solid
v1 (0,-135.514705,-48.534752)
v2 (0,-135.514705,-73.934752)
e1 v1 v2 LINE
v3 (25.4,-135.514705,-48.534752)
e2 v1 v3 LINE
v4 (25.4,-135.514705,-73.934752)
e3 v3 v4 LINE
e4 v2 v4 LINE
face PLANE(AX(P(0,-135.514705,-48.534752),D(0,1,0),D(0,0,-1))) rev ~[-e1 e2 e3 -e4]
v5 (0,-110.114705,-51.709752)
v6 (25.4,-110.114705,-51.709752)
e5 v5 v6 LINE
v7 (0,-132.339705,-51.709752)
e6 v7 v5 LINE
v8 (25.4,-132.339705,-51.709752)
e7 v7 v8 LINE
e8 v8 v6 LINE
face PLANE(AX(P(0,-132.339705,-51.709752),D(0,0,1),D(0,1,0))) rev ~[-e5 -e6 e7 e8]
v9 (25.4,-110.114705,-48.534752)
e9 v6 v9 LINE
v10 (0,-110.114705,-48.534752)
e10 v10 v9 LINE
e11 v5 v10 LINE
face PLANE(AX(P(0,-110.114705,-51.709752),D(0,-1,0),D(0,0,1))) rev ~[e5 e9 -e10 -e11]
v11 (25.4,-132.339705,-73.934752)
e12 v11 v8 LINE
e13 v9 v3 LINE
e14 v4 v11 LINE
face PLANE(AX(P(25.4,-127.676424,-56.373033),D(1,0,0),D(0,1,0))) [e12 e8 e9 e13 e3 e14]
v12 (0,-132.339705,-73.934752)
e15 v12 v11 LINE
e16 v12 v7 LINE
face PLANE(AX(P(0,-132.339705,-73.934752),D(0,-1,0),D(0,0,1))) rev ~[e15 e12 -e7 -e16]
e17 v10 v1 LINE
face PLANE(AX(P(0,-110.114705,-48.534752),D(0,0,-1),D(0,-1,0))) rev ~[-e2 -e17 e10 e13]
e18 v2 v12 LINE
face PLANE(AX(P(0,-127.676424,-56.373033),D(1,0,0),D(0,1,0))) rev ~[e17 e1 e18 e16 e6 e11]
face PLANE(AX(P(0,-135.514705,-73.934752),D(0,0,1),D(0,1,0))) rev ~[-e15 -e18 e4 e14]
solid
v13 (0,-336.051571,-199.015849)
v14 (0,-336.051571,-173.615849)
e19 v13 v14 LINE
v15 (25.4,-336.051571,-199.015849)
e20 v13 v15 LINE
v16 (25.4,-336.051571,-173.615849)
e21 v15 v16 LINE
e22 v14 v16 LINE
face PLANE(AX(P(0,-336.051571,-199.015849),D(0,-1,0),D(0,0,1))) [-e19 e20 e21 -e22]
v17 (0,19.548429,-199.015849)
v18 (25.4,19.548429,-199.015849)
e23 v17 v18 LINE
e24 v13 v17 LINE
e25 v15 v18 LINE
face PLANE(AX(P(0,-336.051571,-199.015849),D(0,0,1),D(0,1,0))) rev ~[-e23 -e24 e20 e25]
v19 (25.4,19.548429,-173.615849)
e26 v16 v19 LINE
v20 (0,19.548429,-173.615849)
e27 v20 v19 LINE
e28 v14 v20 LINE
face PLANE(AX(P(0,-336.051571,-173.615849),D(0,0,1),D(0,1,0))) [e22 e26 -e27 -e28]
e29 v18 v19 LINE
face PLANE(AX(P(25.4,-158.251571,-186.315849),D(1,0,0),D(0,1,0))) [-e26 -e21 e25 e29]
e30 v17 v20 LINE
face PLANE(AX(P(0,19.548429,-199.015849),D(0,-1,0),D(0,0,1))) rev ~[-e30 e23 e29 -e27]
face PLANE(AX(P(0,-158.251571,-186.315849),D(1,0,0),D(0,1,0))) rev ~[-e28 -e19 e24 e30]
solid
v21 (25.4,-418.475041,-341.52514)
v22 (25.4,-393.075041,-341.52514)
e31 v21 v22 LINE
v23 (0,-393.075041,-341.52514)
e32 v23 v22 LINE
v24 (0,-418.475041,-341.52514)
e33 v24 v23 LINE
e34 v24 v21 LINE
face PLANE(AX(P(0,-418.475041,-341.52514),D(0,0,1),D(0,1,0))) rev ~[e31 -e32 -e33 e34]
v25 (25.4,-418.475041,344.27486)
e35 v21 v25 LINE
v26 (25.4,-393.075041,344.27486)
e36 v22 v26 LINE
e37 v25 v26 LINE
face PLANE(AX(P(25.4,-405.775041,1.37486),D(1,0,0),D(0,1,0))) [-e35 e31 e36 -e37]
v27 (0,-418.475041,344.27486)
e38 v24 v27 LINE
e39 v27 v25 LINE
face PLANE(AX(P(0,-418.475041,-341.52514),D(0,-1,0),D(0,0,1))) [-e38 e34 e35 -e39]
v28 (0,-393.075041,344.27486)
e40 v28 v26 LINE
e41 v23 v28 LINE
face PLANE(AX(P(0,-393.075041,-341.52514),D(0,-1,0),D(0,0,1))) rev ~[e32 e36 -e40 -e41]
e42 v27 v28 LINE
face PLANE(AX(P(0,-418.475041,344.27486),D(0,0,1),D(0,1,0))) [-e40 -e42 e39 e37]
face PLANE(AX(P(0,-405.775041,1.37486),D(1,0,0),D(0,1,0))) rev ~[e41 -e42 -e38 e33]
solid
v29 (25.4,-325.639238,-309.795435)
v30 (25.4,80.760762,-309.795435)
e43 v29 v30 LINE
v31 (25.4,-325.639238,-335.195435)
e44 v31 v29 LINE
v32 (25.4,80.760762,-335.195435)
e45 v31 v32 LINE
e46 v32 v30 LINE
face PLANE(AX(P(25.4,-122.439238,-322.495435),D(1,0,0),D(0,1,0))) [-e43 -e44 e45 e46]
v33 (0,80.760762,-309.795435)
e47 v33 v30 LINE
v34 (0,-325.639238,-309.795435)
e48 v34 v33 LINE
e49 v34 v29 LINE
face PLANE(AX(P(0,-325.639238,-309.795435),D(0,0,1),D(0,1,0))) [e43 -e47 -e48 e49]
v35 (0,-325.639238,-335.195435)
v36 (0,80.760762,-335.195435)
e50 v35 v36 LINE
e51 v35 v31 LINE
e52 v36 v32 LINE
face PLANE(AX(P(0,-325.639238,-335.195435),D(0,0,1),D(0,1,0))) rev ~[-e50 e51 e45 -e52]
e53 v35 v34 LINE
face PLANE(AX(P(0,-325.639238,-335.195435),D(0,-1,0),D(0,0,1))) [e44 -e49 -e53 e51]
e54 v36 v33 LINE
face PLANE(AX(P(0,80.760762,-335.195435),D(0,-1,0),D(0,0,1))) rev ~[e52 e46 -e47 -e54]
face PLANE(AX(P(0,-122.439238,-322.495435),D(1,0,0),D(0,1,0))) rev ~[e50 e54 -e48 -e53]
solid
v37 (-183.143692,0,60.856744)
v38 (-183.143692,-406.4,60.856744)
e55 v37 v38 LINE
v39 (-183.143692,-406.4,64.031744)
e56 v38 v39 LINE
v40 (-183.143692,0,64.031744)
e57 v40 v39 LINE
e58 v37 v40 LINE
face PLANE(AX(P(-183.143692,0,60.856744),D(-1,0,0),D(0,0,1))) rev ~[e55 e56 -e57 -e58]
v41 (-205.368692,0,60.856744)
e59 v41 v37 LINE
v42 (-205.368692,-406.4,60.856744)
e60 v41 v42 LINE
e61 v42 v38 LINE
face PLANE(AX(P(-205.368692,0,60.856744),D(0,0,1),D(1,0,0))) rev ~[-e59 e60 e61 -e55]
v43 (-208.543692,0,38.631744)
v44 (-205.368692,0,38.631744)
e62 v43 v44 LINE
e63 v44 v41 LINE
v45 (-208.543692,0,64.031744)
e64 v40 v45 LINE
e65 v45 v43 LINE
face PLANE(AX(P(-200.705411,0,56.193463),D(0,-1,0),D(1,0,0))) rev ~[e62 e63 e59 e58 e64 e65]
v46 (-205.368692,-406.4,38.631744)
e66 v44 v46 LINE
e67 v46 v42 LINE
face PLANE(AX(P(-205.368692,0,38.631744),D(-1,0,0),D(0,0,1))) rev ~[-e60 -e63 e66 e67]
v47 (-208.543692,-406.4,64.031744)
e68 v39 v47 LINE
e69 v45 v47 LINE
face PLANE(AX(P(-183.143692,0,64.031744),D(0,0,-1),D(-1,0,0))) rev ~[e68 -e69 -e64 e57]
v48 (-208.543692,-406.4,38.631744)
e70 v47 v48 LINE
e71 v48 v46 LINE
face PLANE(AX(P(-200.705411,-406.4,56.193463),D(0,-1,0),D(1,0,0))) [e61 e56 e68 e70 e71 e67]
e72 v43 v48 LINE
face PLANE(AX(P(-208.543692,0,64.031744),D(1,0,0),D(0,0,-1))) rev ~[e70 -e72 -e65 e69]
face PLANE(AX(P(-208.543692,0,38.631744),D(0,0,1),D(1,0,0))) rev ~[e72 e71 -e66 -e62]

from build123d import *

# Parameters (mm, degrees)
F0_W     = 25.4
F0_H     = 685.8
F0_W_2   = 406.4
F0_H_2   = 25.4
F0_W_3   = 355.6
F2_DEPTH = 25.4
F3_DEPTH = 406.4
F5_DEPTH = 25.4


with BuildPart() as f2:
    # F0 (on Right) → F2 (new body)
    with BuildSketch(Plane.YZ):
        with Locations((-405.775041, 1.37486)):
            Rectangle(F0_W, F0_H)
        with Locations((-122.439238, -322.495435)):
            Rectangle(F0_W_2, F0_H_2)
        with Locations((-158.251571, -186.315849)):
            Rectangle(F0_W_3, F0_H_2)
    extrude(amount=F2_DEPTH)


with BuildPart() as f3:
    # F1 (on Front) → F3 (new body)
    with BuildSketch(Plane.XZ):
        Polygon((-208.543692, 64.031744), (-208.543692, 38.631744), (-205.368692, 38.631744), (-205.368692, 60.856744), (-183.143692, 60.856744), (-183.143692, 64.031744), align=None)
    extrude(amount=F3_DEPTH)


with BuildPart() as f5:
    # F4 (on Right) → F5 (new body)
    with BuildSketch(Plane.YZ):
        Polygon((-135.514705, -48.534752), (-135.514705, -73.934752), (-132.339705, -73.934752), (-132.339705, -51.709752), (-110.114705, -51.709752), (-110.114705, -48.534752), align=None)
    extrude(amount=F5_DEPTH)


solid = Compound([f2.part, f3.part, f5.part])
